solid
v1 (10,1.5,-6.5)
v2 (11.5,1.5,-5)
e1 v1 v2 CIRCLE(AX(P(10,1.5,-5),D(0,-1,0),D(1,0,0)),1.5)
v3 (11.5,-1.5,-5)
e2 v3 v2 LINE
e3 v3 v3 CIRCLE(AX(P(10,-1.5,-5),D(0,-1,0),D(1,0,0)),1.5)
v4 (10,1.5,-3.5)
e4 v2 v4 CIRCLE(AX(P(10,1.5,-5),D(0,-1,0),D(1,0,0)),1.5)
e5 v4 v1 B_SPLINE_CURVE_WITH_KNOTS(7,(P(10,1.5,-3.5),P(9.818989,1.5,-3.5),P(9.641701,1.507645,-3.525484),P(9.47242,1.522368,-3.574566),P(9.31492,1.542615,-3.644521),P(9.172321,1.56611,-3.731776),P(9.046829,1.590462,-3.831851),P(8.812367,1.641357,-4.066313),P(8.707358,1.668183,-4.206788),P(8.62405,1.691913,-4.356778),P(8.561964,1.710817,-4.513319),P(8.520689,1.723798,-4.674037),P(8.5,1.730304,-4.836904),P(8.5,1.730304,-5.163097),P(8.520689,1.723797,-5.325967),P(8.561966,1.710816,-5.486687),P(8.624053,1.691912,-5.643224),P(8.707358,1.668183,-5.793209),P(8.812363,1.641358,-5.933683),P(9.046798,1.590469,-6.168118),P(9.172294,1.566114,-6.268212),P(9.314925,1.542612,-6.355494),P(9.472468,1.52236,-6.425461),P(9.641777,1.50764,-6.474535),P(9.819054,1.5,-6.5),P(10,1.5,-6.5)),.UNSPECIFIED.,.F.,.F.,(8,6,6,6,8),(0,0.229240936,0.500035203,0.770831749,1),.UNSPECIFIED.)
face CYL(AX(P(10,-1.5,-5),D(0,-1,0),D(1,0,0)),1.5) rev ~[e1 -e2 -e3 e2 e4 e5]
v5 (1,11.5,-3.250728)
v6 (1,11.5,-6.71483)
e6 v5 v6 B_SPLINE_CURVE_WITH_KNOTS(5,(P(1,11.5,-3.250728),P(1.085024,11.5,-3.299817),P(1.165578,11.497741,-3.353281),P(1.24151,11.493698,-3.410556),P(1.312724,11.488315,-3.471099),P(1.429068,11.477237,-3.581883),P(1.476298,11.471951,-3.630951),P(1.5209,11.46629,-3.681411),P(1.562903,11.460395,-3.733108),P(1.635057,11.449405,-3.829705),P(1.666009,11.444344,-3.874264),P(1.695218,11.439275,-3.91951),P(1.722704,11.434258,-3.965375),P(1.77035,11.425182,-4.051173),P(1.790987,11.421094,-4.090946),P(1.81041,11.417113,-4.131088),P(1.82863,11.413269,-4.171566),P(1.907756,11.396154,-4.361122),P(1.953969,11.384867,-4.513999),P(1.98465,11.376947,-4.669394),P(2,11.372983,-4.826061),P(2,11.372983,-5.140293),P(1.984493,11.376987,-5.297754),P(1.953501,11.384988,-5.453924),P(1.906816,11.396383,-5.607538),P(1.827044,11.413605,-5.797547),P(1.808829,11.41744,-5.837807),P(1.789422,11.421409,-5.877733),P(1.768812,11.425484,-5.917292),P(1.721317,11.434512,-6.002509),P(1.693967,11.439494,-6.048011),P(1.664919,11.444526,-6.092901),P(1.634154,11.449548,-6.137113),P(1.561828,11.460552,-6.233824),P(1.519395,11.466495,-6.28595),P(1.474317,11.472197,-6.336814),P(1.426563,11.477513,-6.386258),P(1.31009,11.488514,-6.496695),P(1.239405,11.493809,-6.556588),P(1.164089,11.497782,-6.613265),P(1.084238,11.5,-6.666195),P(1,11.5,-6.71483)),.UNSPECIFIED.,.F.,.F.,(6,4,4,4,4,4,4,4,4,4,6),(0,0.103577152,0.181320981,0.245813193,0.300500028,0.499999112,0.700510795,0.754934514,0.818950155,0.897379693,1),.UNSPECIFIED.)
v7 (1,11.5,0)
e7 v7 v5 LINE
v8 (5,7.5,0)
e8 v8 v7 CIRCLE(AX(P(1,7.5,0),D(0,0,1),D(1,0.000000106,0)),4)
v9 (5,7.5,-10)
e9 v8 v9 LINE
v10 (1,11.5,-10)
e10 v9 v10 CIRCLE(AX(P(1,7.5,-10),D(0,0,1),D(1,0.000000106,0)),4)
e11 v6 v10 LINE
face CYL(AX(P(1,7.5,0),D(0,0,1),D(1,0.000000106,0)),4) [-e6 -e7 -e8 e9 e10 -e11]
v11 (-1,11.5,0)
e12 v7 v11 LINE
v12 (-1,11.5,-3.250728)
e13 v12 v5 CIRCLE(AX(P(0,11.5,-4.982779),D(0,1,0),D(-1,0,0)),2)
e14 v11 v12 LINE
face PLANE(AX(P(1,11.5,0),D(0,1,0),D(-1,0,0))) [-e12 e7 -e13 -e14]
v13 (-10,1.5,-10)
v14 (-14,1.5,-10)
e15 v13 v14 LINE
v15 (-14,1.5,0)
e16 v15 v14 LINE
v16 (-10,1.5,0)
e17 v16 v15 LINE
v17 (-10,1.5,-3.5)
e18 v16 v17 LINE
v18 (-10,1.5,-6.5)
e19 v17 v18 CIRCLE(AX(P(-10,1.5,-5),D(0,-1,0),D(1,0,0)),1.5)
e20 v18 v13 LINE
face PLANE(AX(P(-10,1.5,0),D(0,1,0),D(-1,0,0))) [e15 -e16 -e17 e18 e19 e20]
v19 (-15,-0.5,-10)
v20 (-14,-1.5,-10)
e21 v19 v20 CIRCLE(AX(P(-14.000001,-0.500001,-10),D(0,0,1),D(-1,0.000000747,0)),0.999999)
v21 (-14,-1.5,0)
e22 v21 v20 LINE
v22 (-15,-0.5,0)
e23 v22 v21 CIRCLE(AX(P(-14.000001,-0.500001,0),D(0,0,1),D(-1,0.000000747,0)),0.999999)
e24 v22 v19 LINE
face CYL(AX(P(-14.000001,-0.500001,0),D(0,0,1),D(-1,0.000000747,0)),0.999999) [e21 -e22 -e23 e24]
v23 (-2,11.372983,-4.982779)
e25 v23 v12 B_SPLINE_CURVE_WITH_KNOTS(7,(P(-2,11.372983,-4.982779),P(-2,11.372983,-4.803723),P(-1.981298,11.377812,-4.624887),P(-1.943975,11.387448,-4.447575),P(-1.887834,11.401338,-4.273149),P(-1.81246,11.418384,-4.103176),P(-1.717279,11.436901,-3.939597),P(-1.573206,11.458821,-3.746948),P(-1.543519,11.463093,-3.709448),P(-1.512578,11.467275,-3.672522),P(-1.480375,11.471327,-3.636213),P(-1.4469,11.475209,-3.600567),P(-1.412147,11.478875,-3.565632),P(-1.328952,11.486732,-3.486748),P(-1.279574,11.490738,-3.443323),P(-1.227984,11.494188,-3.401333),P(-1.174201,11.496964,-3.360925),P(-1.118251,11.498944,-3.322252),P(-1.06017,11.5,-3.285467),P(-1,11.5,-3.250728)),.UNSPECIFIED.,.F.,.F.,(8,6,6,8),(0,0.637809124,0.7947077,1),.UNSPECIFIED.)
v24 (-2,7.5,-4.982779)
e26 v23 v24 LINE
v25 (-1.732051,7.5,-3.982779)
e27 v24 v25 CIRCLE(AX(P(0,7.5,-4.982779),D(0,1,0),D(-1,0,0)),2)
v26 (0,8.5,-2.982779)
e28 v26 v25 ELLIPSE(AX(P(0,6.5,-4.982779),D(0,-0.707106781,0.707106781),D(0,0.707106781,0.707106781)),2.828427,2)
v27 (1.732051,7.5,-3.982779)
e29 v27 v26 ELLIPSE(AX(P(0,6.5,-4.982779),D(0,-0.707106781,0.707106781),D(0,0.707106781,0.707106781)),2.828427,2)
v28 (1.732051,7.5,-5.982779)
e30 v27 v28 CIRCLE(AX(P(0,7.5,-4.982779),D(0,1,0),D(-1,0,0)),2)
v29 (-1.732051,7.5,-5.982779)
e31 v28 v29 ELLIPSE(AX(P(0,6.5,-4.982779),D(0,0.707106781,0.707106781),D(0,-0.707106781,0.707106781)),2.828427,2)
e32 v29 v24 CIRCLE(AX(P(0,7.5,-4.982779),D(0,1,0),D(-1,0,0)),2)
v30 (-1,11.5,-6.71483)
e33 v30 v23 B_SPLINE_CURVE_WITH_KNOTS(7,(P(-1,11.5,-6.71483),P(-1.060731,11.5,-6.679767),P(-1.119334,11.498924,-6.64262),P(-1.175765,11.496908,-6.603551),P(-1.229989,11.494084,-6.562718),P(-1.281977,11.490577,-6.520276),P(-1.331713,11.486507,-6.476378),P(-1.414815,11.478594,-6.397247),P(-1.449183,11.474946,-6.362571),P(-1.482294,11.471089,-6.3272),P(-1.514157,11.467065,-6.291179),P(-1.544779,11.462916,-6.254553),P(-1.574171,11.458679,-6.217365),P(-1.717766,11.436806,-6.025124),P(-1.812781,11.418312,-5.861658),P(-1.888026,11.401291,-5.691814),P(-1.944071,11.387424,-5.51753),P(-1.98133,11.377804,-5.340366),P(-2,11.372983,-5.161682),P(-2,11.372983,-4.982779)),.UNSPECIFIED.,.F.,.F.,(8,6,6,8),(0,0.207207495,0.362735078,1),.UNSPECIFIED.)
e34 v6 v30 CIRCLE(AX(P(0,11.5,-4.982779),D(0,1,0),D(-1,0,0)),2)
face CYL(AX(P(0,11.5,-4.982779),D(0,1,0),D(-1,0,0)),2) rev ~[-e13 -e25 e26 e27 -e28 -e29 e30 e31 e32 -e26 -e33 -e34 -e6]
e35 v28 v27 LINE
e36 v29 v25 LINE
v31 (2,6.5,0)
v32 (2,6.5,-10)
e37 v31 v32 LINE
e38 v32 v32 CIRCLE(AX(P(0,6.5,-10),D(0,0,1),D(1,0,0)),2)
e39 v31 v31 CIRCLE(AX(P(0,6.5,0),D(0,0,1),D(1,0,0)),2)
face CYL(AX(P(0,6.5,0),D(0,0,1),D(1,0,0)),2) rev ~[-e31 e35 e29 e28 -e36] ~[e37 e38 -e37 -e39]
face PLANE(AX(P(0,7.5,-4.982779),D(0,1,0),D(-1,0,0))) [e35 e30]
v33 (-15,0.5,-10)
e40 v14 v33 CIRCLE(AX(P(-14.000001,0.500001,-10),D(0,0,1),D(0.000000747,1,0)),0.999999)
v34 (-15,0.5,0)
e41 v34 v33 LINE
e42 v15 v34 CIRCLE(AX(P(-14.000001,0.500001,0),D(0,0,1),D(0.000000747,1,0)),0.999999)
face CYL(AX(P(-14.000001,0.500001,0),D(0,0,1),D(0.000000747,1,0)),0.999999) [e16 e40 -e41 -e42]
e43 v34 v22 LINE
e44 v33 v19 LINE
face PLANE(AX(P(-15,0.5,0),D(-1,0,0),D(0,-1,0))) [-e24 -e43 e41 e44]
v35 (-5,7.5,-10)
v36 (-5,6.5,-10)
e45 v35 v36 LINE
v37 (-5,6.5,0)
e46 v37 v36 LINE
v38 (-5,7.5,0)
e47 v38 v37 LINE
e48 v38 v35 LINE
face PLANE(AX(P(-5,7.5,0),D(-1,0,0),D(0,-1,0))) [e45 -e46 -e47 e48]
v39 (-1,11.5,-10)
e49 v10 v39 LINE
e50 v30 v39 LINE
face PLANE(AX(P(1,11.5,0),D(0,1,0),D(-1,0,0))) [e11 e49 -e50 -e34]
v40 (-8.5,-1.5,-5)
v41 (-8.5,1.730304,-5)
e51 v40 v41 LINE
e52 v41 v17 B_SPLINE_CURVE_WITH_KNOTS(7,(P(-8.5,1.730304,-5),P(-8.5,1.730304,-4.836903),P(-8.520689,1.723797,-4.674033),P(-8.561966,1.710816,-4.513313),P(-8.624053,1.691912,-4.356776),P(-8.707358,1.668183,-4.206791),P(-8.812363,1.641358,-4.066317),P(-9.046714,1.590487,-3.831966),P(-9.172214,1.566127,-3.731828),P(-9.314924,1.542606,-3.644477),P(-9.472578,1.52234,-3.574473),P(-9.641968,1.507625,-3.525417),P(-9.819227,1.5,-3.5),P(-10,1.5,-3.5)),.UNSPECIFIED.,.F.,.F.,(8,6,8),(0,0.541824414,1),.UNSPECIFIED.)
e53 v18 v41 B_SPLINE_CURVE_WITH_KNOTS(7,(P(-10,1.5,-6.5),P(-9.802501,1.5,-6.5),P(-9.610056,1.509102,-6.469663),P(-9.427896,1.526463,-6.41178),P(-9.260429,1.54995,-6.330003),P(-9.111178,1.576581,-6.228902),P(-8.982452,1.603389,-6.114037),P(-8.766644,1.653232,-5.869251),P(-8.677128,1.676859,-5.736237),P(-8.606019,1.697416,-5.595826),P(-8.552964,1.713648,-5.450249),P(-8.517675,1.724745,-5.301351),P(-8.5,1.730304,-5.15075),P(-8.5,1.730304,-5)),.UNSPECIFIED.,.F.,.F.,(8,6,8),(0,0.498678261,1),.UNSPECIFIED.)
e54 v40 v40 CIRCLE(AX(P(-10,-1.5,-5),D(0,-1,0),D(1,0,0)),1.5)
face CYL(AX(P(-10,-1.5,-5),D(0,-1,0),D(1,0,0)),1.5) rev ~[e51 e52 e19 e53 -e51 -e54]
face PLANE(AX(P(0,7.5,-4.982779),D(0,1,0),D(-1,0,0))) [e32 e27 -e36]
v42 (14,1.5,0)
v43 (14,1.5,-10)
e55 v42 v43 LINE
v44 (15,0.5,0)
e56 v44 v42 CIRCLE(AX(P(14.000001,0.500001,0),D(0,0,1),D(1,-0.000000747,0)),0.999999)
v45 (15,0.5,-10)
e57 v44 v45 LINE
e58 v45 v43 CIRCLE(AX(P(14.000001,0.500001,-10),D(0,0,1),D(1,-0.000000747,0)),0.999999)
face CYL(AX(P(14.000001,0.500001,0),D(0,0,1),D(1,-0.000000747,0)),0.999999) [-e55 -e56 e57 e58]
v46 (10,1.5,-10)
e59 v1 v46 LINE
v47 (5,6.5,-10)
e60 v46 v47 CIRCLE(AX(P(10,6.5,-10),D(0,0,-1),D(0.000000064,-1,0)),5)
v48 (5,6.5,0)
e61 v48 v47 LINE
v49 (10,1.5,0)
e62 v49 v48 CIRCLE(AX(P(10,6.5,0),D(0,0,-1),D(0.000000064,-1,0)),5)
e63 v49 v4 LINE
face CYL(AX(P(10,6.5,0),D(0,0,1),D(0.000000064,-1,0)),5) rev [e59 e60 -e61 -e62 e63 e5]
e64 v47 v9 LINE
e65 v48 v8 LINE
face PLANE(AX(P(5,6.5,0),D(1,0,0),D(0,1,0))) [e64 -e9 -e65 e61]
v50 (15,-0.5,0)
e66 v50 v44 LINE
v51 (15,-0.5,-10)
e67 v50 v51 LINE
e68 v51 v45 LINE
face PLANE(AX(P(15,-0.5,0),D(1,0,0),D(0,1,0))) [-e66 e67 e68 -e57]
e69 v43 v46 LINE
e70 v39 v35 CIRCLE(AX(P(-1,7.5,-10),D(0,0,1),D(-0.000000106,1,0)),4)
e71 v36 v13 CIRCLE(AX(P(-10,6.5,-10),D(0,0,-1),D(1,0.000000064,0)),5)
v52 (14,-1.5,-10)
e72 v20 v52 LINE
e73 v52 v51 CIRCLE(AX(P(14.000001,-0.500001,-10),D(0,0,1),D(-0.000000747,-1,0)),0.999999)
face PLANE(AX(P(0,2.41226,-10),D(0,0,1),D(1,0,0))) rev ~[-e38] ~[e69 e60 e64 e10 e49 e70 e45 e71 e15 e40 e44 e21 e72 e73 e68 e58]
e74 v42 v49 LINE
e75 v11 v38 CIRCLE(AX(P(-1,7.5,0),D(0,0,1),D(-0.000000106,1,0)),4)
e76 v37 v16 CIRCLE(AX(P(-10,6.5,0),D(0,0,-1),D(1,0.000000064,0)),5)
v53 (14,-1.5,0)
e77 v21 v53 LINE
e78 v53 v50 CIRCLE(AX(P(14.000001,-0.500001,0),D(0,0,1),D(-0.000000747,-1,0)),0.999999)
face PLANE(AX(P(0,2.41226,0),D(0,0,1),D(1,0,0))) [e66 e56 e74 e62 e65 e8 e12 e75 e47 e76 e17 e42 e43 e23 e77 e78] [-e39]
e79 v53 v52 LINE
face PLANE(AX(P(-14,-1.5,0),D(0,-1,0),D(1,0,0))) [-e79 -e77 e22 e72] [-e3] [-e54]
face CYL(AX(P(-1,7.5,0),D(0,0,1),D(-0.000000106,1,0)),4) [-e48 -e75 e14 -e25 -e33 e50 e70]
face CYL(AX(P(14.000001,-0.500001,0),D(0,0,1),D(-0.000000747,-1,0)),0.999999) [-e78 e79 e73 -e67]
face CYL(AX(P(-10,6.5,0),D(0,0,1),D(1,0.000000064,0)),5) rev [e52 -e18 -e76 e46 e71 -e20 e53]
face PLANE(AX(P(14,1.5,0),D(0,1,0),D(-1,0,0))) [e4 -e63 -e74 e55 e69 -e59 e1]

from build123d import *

# Parameters (mm, degrees)
F0_R     = 2
F1_DEPTH = 10
F2_R     = 2
F3_DEPTH = 4
F4_R     = 1.5
F5_DEPTH = 4


with BuildPart() as f1:
    # F0 (on Top) → F1 (new body)
    with BuildSketch(Plane.XY):
        with BuildLine():
            Line((-14, -1.5), (14, -1.5))
            ThreePointArc((14, -1.5), (14.707107, -1.207107), (15, -0.5))
            Line((15, -0.5), (15, 0.5))
            ThreePointArc((15, 0.5), (14.707107, 1.207107), (14, 1.5))
            Line((14, 1.5), (10, 1.5))
            ThreePointArc((10, 1.5), (6.464466, 2.964466), (5, 6.5))
            Line((5, 6.5), (5, 7.5))
            ThreePointArc((5, 7.5), (3.828427, 10.328427), (1, 11.5))
            Line((1, 11.5), (-1, 11.5))
            ThreePointArc((-1, 11.5), (-3.828427, 10.328427), (-5, 7.5))
            Line((-5, 7.5), (-5, 6.5))
            ThreePointArc((-5, 6.5), (-6.464466, 2.964466), (-10, 1.5))
            Line((-10, 1.5), (-14, 1.5))
            ThreePointArc((-14, 1.5), (-14.707107, 1.207107), (-15, 0.5))
            Line((-15, 0.5), (-15, -0.5))
            ThreePointArc((-15, -0.5), (-14.707107, -1.207107), (-14, -1.5))
        make_face()
        with Locations((0, 6.5)):
            Circle(F0_R, mode=Mode.SUBTRACT)
    extrude(amount=-F1_DEPTH)

    # F2 (on face) → F3 (cut)
    with BuildSketch(Plane(origin=(0, 11.5, 0), x_dir=(-1, 0, 0), z_dir=(0, 1, 0))):
        with Locations((0, -4.982779)):
            Circle(F2_R)
    extrude(amount=-F3_DEPTH, mode=Mode.SUBTRACT)

    # F4 (on face) → F5 (cut)
    with BuildSketch(Plane.XZ.offset(1.5)):
        with Locations((10, -5)):
            Circle(F4_R)
        with Locations((-10, -5)):
            Circle(F4_R)
    extrude(amount=-F5_DEPTH, mode=Mode.SUBTRACT)


solid = f1.part
